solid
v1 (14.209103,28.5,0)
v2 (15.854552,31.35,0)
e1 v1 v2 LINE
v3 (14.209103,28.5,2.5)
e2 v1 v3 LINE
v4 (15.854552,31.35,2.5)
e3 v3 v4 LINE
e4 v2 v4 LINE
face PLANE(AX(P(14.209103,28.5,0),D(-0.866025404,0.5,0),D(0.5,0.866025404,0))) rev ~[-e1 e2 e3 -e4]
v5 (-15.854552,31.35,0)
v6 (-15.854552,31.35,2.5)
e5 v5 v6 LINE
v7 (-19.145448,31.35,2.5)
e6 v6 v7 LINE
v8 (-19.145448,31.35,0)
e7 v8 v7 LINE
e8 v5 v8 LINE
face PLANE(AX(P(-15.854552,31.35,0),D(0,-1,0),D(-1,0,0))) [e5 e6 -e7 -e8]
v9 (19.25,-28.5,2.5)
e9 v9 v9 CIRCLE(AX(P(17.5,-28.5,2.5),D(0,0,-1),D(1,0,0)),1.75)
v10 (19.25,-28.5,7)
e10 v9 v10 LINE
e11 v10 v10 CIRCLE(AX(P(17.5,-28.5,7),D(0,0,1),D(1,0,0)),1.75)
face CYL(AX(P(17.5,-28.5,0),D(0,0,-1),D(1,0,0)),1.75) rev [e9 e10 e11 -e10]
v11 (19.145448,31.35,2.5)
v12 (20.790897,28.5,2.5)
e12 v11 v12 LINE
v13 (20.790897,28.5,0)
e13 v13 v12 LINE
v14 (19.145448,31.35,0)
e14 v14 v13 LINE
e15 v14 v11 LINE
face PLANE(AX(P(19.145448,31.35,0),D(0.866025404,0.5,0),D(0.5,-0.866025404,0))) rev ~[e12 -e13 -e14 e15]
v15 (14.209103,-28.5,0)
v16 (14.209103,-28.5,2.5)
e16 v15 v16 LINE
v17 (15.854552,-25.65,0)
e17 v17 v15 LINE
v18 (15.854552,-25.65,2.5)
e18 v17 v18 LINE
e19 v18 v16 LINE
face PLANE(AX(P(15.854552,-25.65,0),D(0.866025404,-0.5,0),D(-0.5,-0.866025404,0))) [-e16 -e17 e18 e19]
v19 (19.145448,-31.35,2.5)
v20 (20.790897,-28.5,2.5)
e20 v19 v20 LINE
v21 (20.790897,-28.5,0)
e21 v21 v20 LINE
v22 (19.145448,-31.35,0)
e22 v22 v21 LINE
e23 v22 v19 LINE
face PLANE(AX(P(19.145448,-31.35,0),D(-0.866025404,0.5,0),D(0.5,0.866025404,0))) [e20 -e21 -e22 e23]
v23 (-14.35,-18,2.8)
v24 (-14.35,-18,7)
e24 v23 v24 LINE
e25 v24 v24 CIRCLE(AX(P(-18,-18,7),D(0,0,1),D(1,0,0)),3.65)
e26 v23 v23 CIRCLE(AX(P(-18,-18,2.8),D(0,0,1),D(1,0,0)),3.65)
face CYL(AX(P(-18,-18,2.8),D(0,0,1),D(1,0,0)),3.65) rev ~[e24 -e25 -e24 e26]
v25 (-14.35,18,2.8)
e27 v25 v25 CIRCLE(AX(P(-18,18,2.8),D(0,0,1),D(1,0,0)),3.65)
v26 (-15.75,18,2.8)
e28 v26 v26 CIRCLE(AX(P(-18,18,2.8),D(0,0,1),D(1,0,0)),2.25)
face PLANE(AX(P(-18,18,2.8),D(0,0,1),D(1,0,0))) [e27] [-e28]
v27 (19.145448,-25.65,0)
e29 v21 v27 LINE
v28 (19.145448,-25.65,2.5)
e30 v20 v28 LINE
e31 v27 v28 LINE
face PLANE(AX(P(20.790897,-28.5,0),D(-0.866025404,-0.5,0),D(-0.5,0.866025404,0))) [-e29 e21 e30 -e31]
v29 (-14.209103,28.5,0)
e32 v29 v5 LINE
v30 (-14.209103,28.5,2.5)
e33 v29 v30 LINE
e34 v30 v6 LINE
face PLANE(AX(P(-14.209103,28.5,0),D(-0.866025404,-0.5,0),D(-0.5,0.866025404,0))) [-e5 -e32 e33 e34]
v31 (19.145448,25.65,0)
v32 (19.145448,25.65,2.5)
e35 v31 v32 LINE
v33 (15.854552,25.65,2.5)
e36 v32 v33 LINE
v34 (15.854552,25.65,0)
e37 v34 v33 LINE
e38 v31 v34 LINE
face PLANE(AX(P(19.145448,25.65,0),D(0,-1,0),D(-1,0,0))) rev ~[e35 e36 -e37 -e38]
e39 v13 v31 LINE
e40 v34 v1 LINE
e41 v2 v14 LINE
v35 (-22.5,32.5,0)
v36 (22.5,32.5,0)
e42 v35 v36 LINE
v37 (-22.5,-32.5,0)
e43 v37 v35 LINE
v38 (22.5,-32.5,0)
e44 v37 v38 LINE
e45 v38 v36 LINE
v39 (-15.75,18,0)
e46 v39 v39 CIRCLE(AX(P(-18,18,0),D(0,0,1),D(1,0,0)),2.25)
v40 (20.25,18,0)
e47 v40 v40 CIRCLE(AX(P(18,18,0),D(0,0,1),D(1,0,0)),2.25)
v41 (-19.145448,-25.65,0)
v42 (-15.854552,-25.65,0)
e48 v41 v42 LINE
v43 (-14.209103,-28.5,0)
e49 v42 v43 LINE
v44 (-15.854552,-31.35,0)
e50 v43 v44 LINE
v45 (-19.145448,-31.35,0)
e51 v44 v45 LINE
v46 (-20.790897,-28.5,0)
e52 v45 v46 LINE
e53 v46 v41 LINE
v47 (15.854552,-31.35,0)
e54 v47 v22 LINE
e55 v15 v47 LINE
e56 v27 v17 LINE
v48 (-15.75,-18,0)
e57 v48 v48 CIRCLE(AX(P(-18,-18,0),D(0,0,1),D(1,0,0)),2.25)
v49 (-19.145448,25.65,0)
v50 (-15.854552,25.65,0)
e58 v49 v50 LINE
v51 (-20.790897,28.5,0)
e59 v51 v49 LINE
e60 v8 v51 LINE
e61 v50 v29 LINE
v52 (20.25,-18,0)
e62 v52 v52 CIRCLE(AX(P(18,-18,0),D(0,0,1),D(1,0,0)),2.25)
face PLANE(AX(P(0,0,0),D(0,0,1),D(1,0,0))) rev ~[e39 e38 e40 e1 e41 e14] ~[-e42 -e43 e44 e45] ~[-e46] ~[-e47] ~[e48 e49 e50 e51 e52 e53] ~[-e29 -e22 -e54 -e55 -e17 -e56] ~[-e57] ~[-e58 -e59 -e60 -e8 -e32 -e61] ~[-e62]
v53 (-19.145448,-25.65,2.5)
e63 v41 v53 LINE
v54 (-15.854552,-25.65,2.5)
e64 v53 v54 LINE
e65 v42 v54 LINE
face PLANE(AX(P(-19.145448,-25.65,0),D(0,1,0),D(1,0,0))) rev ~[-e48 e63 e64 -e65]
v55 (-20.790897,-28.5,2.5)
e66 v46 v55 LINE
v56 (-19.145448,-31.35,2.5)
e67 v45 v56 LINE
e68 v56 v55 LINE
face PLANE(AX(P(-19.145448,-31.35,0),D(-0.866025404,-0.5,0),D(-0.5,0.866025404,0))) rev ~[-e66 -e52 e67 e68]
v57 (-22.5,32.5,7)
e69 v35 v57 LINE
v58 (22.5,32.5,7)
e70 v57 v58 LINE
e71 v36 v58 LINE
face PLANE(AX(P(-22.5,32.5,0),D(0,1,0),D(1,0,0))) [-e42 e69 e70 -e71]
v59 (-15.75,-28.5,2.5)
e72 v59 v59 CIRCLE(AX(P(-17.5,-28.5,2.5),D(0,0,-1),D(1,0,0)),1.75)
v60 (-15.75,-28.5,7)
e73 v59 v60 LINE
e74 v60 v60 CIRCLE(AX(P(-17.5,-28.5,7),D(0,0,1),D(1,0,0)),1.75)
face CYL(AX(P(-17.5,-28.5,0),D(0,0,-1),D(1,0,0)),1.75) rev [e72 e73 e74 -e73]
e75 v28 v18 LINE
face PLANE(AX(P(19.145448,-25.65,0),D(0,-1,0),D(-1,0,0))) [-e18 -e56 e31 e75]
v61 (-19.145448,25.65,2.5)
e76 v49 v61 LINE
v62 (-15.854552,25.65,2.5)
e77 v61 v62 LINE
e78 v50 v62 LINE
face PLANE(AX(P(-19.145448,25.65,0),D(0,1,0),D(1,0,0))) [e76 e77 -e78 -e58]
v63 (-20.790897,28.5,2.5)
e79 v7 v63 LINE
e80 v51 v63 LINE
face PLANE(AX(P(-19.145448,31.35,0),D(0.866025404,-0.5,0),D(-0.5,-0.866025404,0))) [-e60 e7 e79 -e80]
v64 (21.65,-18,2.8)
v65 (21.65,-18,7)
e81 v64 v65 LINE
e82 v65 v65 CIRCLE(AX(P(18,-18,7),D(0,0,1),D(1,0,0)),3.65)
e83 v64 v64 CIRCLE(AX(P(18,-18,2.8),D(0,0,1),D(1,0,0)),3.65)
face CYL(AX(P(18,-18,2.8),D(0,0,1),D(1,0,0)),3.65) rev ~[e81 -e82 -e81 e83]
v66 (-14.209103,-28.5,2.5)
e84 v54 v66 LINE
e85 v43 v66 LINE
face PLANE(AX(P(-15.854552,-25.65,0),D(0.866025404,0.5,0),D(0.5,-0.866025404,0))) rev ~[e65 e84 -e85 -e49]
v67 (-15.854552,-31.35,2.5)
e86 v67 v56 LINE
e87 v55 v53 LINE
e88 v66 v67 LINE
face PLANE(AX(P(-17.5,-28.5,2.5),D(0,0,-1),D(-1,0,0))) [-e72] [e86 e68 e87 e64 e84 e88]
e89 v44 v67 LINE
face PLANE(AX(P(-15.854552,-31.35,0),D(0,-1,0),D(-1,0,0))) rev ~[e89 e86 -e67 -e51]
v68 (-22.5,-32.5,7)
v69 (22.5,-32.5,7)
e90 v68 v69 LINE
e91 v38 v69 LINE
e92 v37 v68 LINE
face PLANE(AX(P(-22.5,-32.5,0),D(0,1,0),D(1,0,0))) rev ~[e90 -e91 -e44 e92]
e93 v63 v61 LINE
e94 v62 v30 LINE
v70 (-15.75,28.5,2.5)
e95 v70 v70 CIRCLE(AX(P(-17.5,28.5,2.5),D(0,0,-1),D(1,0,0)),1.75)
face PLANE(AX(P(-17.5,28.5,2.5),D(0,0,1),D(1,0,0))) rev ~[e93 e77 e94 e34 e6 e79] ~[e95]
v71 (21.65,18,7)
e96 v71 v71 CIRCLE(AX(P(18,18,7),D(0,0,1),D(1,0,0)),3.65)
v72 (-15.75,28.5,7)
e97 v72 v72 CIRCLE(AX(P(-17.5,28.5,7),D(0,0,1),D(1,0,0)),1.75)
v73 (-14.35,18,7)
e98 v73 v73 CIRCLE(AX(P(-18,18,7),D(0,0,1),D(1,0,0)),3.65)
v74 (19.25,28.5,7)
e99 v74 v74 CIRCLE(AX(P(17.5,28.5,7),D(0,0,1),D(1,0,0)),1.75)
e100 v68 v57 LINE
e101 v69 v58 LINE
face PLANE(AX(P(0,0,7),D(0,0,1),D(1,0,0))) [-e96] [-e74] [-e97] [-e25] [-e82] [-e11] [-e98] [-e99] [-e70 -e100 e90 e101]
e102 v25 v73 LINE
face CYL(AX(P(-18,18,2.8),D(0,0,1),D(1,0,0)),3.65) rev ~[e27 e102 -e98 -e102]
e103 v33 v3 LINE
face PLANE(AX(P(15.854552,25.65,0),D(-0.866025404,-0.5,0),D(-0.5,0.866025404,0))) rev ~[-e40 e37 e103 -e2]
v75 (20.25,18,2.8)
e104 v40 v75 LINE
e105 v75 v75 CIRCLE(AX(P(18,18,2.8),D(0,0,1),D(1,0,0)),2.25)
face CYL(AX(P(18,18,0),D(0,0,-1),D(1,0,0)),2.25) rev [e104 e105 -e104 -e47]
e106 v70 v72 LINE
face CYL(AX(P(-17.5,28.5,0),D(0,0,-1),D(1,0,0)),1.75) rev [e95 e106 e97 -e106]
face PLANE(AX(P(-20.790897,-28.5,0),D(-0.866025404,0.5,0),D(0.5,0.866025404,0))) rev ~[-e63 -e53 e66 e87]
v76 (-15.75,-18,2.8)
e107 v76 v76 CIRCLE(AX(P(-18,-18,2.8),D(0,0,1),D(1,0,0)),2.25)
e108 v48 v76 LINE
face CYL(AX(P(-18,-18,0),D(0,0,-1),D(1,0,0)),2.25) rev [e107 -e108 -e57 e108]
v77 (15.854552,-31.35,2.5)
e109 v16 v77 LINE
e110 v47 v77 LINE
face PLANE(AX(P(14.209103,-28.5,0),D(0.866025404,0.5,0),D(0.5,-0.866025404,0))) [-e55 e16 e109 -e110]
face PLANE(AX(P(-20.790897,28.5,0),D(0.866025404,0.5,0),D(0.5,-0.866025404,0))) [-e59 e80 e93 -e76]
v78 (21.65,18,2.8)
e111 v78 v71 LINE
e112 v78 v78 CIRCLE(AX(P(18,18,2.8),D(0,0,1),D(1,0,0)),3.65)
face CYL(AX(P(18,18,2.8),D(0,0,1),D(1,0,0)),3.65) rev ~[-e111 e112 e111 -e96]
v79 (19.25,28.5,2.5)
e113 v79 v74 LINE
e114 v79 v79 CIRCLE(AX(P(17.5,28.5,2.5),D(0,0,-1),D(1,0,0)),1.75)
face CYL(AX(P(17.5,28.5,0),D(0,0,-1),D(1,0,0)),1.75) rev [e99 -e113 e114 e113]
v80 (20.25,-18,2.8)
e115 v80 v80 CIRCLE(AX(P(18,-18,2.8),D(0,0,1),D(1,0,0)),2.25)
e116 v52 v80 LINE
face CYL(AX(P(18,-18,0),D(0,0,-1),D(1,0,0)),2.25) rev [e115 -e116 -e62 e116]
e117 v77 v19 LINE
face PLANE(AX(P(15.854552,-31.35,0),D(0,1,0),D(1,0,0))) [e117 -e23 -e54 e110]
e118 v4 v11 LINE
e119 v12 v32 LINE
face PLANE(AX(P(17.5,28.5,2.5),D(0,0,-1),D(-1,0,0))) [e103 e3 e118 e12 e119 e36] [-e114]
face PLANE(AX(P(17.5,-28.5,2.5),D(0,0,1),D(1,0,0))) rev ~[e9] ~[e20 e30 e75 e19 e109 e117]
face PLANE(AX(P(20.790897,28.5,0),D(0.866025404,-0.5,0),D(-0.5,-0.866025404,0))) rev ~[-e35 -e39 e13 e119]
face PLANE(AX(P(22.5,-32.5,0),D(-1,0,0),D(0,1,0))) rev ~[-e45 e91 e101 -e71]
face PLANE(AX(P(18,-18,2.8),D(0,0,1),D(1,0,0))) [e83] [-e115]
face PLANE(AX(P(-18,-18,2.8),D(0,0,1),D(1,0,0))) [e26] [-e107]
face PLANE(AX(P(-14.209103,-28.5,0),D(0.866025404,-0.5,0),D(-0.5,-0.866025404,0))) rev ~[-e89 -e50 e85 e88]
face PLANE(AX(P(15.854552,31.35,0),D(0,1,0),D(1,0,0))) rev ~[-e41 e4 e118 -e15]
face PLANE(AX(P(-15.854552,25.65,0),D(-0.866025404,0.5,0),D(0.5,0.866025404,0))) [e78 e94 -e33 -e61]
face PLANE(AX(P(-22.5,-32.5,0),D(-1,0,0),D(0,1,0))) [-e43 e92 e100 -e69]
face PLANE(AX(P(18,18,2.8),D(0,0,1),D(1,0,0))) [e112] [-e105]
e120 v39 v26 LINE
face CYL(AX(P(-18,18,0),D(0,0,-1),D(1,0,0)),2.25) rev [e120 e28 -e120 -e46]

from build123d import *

# Parameters (mm, degrees)
SKETCH_2_W                = 45
SKETCH_2_H                = 65
SKETCH_2_R                = 2.25
SKETCH_2_R_2              = 1.75
EXTRUDE_1_DEPTH           = 7
HOLE_WIZARD_1_D           = 4.5
HOLE_WIZARD_1_CBORE_D     = 7.3
HOLE_WIZARD_1_CBORE_DEPTH = 4.2
CUT_EXTRUDE_1_DEPTH       = 2.5


with BuildPart() as part:
    # 草圖2 → 填料-伸長1 (new body)
    with BuildSketch(Plane.XY):
        Rectangle(SKETCH_2_W, SKETCH_2_H)
        with Locations((-18, 18)):
            Circle(SKETCH_2_R, mode=Mode.SUBTRACT)
        with Locations((-17.5, 28.5)):
            Circle(SKETCH_2_R_2, mode=Mode.SUBTRACT)
        with Locations((18, 18)):
            Circle(SKETCH_2_R, mode=Mode.SUBTRACT)
        with Locations((18, -18)):
            Circle(SKETCH_2_R, mode=Mode.SUBTRACT)
        with Locations((-18, -18)):
            Circle(SKETCH_2_R, mode=Mode.SUBTRACT)
        with Locations((17.5, 28.5)):
            Circle(SKETCH_2_R_2, mode=Mode.SUBTRACT)
        with Locations((17.5, -28.5)):
            Circle(SKETCH_2_R_2, mode=Mode.SUBTRACT)
        with Locations((-17.5, -28.5)):
            Circle(SKETCH_2_R_2, mode=Mode.SUBTRACT)
    extrude(amount=EXTRUDE_1_DEPTH)

    # 鑽孔1 (through all)
    with Locations(Plane(origin=(-18, 18, 7), x_dir=(1, 0, 0), z_dir=(0, 0, 1))):
        with Locations((0, 0), (36, 0), (36, -36), (0, -36)):
            CounterBoreHole(HOLE_WIZARD_1_D / 2, HOLE_WIZARD_1_CBORE_D / 2, HOLE_WIZARD_1_CBORE_DEPTH)

    # 草圖4 → 除料-伸長1 (cut)
    with BuildSketch(Plane(origin=(0, 0, 0), x_dir=(-1, 0, 0), z_dir=(0, 0, -1))):
        Polygon((-14.209103466, 28.5), (-15.854551733, 31.35), (-19.145448267, 31.35), (-20.790896534, 28.5), (-19.145448267, 25.65), (-15.854551733, 25.65), align=None)
        Polygon((15.854551733, 25.65), (14.209103466, 28.5), (15.854551733, 31.35), (19.145448267, 31.35), (20.790896534, 28.5), (19.145448267, 25.65), align=None)
        Polygon((14.209103466, -28.5), (15.854551733, -31.35), (19.145448267, -31.35), (20.790896534, -28.5), (19.145448267, -25.65), (15.854551733, -25.65), align=None)
        Polygon((-15.854551733, -25.65), (-14.209103466, -28.5), (-15.854551733, -31.35), (-19.145448267, -31.35), (-20.790896534, -28.5), (-19.145448267, -25.65), align=None)
    extrude(amount=-CUT_EXTRUDE_1_DEPTH, mode=Mode.SUBTRACT)


solid = part.part
